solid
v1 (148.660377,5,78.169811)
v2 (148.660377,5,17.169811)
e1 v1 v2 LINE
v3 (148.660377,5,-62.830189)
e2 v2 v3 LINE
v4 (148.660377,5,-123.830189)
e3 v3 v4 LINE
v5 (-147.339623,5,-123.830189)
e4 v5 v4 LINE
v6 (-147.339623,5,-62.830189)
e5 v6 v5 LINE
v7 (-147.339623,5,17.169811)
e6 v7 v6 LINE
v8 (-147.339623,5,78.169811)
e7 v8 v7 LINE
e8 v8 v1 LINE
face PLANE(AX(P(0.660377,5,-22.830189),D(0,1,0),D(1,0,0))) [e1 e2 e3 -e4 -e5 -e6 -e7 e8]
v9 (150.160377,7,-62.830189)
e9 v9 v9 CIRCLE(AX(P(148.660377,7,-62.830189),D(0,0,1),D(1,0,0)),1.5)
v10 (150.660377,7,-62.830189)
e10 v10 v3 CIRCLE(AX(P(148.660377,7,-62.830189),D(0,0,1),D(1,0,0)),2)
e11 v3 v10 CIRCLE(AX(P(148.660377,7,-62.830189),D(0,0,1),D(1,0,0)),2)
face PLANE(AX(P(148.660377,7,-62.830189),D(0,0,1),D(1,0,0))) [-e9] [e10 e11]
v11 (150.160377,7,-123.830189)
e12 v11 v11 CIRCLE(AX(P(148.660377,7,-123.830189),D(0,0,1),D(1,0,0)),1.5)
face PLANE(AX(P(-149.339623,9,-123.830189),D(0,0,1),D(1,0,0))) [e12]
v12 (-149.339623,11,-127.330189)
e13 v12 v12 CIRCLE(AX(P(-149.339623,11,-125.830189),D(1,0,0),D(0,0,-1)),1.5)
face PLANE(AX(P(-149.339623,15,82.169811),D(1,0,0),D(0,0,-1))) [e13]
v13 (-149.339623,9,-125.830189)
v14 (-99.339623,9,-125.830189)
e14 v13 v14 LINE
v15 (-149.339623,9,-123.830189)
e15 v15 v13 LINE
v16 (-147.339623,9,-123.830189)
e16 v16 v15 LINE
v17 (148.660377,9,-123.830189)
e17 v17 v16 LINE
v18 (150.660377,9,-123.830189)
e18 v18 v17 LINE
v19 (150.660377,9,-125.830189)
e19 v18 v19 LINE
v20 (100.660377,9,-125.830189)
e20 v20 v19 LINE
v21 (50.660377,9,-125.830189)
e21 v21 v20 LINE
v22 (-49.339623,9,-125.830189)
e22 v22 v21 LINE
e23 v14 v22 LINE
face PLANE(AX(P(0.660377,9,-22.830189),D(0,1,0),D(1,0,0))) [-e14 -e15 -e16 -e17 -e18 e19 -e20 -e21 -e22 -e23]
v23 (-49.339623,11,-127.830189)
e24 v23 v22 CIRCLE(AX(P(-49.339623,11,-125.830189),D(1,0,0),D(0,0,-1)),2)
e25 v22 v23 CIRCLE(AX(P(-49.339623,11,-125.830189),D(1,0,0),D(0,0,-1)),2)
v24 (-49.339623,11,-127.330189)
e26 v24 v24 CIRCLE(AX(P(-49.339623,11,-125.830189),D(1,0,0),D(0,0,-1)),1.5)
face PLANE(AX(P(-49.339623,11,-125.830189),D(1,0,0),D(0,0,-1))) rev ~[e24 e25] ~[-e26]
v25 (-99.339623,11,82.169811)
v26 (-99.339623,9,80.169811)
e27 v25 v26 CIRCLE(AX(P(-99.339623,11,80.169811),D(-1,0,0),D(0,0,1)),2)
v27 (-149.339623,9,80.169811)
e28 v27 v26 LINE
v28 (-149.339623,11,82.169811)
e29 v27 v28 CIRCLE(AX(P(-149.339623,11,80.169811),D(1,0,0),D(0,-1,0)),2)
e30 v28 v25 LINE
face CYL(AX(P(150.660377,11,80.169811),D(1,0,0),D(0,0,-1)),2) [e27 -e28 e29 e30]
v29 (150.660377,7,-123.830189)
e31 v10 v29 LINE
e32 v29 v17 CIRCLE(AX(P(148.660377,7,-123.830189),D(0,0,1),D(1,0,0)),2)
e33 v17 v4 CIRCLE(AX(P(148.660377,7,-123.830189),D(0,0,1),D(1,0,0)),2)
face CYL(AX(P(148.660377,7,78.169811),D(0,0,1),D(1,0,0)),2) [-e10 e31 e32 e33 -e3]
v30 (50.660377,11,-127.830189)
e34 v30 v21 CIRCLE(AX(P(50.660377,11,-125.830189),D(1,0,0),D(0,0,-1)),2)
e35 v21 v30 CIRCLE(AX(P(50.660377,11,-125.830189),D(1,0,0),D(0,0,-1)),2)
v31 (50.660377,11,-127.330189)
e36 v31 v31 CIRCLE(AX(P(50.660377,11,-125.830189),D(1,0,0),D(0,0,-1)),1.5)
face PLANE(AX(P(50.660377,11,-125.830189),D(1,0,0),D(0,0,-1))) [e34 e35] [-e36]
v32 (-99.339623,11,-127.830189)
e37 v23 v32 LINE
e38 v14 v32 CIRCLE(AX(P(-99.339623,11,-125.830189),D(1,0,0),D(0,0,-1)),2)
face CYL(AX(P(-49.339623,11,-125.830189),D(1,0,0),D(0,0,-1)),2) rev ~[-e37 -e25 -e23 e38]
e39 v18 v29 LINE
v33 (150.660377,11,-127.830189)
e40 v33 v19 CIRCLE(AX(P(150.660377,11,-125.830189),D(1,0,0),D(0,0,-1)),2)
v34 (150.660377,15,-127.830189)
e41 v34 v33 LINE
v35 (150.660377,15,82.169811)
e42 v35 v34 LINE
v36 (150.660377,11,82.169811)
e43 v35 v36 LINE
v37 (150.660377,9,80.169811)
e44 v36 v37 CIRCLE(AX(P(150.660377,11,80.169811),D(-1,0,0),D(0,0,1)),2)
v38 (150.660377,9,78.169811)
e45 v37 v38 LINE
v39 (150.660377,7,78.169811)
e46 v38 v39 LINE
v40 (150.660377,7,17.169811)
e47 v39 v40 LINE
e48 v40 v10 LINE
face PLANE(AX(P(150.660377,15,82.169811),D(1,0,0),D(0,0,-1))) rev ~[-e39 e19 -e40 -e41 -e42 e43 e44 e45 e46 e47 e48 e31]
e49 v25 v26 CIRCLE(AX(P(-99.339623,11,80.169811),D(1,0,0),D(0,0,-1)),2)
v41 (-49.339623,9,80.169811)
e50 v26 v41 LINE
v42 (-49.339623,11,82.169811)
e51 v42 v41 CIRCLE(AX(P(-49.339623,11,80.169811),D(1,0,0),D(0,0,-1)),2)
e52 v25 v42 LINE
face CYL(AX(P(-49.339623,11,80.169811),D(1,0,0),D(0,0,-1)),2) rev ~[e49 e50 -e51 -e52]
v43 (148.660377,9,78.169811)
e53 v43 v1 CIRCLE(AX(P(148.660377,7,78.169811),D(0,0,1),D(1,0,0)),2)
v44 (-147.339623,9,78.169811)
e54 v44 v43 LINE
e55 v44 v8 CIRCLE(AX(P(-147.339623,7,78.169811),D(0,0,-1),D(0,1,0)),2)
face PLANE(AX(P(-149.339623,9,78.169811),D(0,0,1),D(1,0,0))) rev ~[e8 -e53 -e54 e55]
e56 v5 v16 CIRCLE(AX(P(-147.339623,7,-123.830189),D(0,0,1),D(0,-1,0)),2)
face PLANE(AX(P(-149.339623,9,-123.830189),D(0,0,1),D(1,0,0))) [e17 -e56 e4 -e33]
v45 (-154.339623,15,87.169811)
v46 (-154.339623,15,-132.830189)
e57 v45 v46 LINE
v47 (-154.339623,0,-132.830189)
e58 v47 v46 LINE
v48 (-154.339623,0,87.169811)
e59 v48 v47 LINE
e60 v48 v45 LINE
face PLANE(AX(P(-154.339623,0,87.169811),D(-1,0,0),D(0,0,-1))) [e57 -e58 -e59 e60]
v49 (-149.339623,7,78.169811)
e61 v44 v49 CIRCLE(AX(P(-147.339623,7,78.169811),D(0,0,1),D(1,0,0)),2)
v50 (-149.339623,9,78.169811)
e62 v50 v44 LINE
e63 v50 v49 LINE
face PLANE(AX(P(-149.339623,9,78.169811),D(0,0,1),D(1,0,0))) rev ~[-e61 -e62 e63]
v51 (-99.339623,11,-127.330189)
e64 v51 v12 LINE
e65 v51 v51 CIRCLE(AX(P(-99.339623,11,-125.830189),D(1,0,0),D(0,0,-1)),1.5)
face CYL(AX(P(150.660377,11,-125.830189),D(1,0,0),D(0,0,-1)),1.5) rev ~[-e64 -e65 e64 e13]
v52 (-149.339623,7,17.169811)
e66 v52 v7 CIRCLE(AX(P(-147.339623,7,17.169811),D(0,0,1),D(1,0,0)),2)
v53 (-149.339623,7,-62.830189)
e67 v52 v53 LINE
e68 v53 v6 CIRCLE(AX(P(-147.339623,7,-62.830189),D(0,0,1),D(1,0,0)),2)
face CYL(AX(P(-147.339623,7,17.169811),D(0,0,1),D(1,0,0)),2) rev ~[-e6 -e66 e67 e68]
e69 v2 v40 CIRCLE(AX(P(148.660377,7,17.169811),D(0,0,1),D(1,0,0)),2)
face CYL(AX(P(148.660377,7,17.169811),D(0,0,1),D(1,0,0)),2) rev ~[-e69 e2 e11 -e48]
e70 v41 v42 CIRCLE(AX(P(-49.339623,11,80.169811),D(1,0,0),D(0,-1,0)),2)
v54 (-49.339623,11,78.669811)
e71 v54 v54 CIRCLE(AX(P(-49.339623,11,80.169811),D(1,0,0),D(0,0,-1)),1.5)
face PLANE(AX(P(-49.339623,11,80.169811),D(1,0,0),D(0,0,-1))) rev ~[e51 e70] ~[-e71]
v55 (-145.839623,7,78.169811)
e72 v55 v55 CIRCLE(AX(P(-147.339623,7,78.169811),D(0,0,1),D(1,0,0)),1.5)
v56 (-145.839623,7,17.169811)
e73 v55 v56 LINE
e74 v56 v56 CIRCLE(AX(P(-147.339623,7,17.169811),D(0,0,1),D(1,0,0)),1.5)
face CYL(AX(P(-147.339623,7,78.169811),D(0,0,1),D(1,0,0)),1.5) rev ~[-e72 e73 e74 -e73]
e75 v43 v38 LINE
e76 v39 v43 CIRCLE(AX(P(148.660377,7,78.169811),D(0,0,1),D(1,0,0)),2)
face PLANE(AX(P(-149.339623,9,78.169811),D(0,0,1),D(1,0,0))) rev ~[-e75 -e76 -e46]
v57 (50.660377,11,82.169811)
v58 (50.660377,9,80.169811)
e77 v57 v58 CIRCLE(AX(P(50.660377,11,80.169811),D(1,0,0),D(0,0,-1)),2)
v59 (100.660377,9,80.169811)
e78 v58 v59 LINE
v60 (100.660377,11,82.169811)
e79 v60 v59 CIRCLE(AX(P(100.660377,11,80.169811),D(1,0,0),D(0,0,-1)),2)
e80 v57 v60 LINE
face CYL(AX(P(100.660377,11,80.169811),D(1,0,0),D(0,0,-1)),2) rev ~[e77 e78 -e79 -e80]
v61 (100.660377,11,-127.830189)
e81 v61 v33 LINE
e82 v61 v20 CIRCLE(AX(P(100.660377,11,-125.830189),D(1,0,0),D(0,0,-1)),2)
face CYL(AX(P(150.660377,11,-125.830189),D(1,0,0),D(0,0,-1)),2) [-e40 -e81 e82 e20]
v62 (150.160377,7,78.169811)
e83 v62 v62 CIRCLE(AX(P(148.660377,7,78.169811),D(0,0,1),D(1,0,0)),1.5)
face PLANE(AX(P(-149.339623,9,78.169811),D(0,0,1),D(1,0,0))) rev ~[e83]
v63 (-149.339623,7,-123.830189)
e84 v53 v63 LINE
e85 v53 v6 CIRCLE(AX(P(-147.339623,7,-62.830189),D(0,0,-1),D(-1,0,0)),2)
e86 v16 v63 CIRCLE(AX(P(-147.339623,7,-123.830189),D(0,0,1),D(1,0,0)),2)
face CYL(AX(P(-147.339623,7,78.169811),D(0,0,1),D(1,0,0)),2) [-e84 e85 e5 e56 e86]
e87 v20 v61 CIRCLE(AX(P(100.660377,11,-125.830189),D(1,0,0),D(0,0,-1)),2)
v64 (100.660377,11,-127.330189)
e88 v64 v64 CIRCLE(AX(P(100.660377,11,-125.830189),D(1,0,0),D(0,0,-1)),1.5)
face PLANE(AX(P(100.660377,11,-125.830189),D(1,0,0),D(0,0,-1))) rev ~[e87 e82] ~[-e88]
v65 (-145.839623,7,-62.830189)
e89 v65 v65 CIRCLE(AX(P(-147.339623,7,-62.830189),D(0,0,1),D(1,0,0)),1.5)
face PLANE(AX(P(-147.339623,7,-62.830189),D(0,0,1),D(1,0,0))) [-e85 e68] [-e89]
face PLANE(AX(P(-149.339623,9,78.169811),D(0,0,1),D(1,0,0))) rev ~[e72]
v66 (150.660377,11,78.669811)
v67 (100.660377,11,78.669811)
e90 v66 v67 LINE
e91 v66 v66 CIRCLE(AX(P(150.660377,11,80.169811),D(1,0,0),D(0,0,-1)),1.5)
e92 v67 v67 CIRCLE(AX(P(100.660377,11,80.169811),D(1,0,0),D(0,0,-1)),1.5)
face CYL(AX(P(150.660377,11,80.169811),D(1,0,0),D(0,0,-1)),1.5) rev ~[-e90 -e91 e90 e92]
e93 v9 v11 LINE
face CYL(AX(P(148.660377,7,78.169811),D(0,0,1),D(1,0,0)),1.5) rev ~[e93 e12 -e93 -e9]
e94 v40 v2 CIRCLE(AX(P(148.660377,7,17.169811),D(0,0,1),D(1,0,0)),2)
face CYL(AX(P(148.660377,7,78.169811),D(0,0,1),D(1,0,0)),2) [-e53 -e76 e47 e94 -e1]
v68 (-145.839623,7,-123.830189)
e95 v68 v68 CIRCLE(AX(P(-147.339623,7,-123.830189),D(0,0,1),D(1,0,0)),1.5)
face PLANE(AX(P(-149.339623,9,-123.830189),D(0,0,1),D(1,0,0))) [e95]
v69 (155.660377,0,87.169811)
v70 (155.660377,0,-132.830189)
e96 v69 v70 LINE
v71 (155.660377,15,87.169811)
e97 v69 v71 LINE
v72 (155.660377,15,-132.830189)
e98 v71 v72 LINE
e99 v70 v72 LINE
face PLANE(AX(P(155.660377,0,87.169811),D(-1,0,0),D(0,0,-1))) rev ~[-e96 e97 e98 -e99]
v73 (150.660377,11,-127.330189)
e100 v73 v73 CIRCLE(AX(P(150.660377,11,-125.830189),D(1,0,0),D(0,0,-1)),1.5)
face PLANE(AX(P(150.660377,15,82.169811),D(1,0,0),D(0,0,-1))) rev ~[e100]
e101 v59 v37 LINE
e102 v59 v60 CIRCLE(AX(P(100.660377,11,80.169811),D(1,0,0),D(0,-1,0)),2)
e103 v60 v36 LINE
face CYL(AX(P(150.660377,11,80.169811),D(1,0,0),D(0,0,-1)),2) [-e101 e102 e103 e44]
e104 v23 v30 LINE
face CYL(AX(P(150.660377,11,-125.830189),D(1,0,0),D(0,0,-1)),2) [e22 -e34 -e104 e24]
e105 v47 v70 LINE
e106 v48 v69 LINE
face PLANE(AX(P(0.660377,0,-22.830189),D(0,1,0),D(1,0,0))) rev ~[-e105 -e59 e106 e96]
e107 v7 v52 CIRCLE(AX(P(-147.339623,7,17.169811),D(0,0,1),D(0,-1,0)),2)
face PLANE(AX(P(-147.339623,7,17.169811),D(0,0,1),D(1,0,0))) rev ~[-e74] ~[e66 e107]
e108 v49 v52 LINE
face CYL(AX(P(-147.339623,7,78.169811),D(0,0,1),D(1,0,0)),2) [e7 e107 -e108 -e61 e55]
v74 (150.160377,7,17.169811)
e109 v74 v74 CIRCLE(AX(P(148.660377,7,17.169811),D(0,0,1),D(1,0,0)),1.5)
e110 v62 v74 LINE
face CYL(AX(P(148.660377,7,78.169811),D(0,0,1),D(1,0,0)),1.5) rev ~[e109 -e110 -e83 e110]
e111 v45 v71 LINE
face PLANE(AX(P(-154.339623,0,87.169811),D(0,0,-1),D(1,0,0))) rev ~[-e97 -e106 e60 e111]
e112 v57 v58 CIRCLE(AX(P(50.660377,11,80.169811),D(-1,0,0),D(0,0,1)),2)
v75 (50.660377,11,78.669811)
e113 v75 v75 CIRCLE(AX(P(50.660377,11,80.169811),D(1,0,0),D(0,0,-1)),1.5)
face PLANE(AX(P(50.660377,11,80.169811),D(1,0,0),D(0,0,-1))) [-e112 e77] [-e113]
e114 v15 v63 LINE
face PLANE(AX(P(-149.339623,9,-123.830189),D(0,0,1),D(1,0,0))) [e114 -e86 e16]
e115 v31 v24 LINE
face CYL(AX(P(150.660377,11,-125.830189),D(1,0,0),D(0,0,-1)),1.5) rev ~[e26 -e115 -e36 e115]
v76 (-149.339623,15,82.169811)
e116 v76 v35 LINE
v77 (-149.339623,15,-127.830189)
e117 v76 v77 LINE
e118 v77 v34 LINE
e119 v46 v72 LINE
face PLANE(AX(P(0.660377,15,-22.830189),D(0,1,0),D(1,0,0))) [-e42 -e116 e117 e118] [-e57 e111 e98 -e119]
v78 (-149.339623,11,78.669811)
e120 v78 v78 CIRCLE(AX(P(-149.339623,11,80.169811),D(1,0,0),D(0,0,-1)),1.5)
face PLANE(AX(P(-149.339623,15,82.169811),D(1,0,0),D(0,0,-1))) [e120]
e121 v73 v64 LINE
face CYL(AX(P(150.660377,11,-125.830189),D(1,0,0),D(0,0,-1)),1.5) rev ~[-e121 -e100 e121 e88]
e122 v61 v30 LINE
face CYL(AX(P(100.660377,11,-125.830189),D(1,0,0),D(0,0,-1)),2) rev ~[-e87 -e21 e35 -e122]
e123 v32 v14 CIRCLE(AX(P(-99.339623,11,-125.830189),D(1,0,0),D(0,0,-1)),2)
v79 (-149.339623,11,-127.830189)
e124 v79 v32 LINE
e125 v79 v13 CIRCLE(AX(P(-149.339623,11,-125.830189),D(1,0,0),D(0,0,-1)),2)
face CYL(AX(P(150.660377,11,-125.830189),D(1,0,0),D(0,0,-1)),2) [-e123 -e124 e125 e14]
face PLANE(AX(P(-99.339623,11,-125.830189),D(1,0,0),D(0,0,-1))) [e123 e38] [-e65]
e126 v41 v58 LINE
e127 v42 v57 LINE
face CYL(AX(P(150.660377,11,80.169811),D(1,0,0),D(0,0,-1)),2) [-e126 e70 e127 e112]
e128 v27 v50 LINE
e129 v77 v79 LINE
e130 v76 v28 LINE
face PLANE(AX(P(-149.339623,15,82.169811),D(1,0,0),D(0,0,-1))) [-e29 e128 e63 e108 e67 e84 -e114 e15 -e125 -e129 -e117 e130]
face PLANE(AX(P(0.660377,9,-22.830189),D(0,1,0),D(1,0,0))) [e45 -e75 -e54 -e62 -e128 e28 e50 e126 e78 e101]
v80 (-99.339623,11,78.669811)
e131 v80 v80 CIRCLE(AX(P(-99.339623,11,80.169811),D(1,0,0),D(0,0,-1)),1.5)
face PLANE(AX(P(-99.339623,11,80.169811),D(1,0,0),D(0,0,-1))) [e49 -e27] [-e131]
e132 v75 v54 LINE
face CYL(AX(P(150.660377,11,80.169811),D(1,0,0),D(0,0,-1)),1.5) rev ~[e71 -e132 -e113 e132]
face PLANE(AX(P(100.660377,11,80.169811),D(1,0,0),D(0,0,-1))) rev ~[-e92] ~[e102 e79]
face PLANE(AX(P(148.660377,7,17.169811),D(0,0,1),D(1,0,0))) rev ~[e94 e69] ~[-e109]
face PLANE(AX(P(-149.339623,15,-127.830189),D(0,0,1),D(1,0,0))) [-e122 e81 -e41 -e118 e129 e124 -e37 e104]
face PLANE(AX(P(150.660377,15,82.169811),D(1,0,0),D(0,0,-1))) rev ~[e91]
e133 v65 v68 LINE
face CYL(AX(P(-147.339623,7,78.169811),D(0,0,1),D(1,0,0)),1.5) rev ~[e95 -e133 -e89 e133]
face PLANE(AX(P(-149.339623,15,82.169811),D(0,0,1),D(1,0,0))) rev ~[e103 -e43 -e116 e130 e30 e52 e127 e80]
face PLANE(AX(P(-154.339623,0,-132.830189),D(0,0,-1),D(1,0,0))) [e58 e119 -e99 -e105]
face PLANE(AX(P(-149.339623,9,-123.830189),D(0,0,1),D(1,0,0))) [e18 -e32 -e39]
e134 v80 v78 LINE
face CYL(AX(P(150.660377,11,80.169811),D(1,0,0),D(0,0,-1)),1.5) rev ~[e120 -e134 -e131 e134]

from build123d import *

# Parameters (mm, degrees)
SKETCH_1_W           = 310
SKETCH_1_H           = 220
EXTRUDE_1_DEPTH      = 15
SKETCH_2_W           = 300
SKETCH_2_H           = 210
CUT_EXTRUDE_4_DEPTH  = 6
SKETCH_6_W           = 300
SKETCH_6_H           = 2
EXTRUDE_3_DEPTH      = 2
SKETCH_8_R           = 2
CUT_EXTRUDE_5_DEPTH  = 300
SKETCH_8_2_R         = 2
SKETCH_8_2_R_2       = 1.5
EXTRUDE_1_2_DEPTH    = 300
SKETCH_10_R          = 2
CUT_EXTRUDE_6_DEPTH  = 300
SKETCH_10_2_R        = 2
SKETCH_10_2_R_2      = 1.5
EXTRUDE_2_DEPTH      = 300
SKETCH_12_R          = 2
CUT_EXTRUDE_7_DEPTH  = 50
SKETCH_13_R          = 2
CUT_EXTRUDE_8_DEPTH  = 50
SKETCH_15_W          = 300
SKETCH_15_H          = 202
CUT_EXTRUDE_9_DEPTH  = 4
SKETCH_16_W          = 2
SKETCH_16_H          = 202
EXTRUDE_4_DEPTH      = 2
SKETCH_14_R          = 2
CUT_EXTRUDE_10_DEPTH = 202
SKETCH_14_2_R        = 2
SKETCH_14_2_R_2      = 1.5
EXTRUDE_3_2_DEPTH    = 202
SKETCH_18_R          = 2
CUT_EXTRUDE_11_DEPTH = 80


with BuildPart() as part:
    # 草图1 → Extrude 1 (new body)
    with BuildSketch(Plane(origin=(0, 0, 0), x_dir=(1, 0, 0), z_dir=(0, 1, 0))):
        with Locations((0.660377358, 22.830188679)):
            Rectangle(SKETCH_1_W, SKETCH_1_H)
    extrude(amount=EXTRUDE_1_DEPTH)

    # 草图2 → 切除-拉伸4 (cut)
    with BuildSketch(Plane(origin=(0, 15, 0), x_dir=(1, 0, 0), z_dir=(0, 1, 0))):
        with Locations((0.660377358, 22.830188679)):
            Rectangle(SKETCH_2_W, SKETCH_2_H)
    extrude(amount=-CUT_EXTRUDE_4_DEPTH, mode=Mode.SUBTRACT)

    # 草图6 → Extrude 3 (add)
    with BuildSketch(Plane(origin=(0, 9, 0), x_dir=(1, 0, 0), z_dir=(0, 1, 0))):
        with Locations((0.660377358, 126.830188679)):
            Rectangle(SKETCH_6_W, SKETCH_6_H)
        with Locations((0.660377358, -81.169811321)):
            Rectangle(SKETCH_6_W, SKETCH_6_H)
    extrude(amount=EXTRUDE_3_DEPTH)

    # 草图8 → 切除-拉伸5 (cut)
    with BuildSketch(Plane(origin=(150.660377358, 0, 0), x_dir=(0, 0, -1), z_dir=(1, 0, 0))):
        with Locations((-80.169811321, 11)):
            Circle(SKETCH_8_R)
    extrude(amount=-CUT_EXTRUDE_5_DEPTH, mode=Mode.SUBTRACT)

    # 草图8<2> → Extrude 1 2 (add)
    with BuildSketch(Plane(origin=(150.660377358, 0, 0), x_dir=(0, 0, -1), z_dir=(1, 0, 0))):
        with Locations((-80.169811321, 11)):
            Circle(SKETCH_8_2_R)
        with Locations((-80.169811321, 11)):
            Circle(SKETCH_8_2_R_2, mode=Mode.SUBTRACT)
    extrude(amount=-EXTRUDE_1_2_DEPTH)

    # 草图10 → 切除-拉伸6 (cut)
    with BuildSketch(Plane(origin=(150.660377358, 0, 0), x_dir=(0, 0, -1), z_dir=(1, 0, 0))):
        with Locations((125.830188679, 11)):
            Circle(SKETCH_10_R)
    extrude(amount=-CUT_EXTRUDE_6_DEPTH, mode=Mode.SUBTRACT)

    # 草图10<2> → 拉伸-薄壁2 (add)
    with BuildSketch(Plane(origin=(150.660377358, 0, 0), x_dir=(0, 0, -1), z_dir=(1, 0, 0))):
        with Locations((125.830188679, 11)):
            Circle(SKETCH_10_2_R)
        with Locations((125.830188679, 11)):
            Circle(SKETCH_10_2_R_2, mode=Mode.SUBTRACT)
    extrude(amount=-EXTRUDE_2_DEPTH)

    # 草图12 → 切除-拉伸7 (cut)
    with BuildSketch(Plane(origin=(100.660377358, 0, 0), x_dir=(0, 0, -1), z_dir=(1, 0, 0))):
        with Locations((-80.169811321, 11)):
            Circle(SKETCH_12_R)
        with Locations((125.830188679, 11)):
            Circle(SKETCH_12_R)
    extrude(amount=-CUT_EXTRUDE_7_DEPTH, mode=Mode.SUBTRACT)

    # 草图13 → 切除-拉伸8 (cut)
    with BuildSketch(Plane(origin=(-49.339622642, 0, 0), x_dir=(0, 0, -1), z_dir=(1, 0, 0))):
        with Locations((-80.169811321, 11)):
            Circle(SKETCH_13_R)
        with Locations((125.830188679, 11)):
            Circle(SKETCH_13_R)
    extrude(amount=-CUT_EXTRUDE_8_DEPTH, mode=Mode.SUBTRACT)

    # 草图15 → 切除-拉伸9 (cut)
    with BuildSketch(Plane(origin=(0, 9, 0), x_dir=(1, 0, 0), z_dir=(0, 1, 0))):
        with Locations((0.660377358, 22.830188679)):
            Rectangle(SKETCH_15_W, SKETCH_15_H)
    extrude(amount=-CUT_EXTRUDE_9_DEPTH, mode=Mode.SUBTRACT)

    # 草图16 → 凸台-拉伸4 (add)
    with BuildSketch(Plane(origin=(0, 5, 0), x_dir=(1, 0, 0), z_dir=(0, 1, 0))):
        with Locations((-148.339622642, 22.830188679)):
            Rectangle(SKETCH_16_W, SKETCH_16_H)
        with Locations((149.660377358, 22.830188679)):
            Rectangle(SKETCH_16_W, SKETCH_16_H)
    extrude(amount=EXTRUDE_4_DEPTH)

    # 草图14 → 切除-拉伸10 (cut)
    with BuildSketch(Plane.XY.offset(78.169811321)):
        with Locations((-147.339622642, 7)):
            Circle(SKETCH_14_R)
        with Locations((148.660377358, 7)):
            Circle(SKETCH_14_R)
    extrude(amount=-CUT_EXTRUDE_10_DEPTH, mode=Mode.SUBTRACT)

    # 草图14<2> → Extrude 3 2 (add)
    # profile 1 of 2: a face of its own
    with BuildSketch(Plane.XY.offset(78.169811321)):
        with Locations((-147.339622642, 7)):
            Circle(SKETCH_14_2_R)
        with Locations((-147.339622642, 7)):
            Circle(SKETCH_14_2_R_2, mode=Mode.SUBTRACT)
    # profile 2 of 2: a face of its own
    with BuildSketch(Plane.XY.offset(78.169811321)):
        with Locations((148.660377358, 7)):
            Circle(SKETCH_14_2_R)
        with Locations((148.660377358, 7)):
            Circle(SKETCH_14_2_R_2, mode=Mode.SUBTRACT)
    extrude(amount=-EXTRUDE_3_2_DEPTH)

    # 草图18 → 切除-拉伸11 (cut)
    with BuildSketch(Plane.XY.offset(17.169811321)):
        with Locations((-147.339622642, 7)):
            Circle(SKETCH_18_R)
        with Locations((148.660377358, 7)):
            Circle(SKETCH_18_R)
    extrude(amount=-CUT_EXTRUDE_11_DEPTH, mode=Mode.SUBTRACT)


solid = part.part
